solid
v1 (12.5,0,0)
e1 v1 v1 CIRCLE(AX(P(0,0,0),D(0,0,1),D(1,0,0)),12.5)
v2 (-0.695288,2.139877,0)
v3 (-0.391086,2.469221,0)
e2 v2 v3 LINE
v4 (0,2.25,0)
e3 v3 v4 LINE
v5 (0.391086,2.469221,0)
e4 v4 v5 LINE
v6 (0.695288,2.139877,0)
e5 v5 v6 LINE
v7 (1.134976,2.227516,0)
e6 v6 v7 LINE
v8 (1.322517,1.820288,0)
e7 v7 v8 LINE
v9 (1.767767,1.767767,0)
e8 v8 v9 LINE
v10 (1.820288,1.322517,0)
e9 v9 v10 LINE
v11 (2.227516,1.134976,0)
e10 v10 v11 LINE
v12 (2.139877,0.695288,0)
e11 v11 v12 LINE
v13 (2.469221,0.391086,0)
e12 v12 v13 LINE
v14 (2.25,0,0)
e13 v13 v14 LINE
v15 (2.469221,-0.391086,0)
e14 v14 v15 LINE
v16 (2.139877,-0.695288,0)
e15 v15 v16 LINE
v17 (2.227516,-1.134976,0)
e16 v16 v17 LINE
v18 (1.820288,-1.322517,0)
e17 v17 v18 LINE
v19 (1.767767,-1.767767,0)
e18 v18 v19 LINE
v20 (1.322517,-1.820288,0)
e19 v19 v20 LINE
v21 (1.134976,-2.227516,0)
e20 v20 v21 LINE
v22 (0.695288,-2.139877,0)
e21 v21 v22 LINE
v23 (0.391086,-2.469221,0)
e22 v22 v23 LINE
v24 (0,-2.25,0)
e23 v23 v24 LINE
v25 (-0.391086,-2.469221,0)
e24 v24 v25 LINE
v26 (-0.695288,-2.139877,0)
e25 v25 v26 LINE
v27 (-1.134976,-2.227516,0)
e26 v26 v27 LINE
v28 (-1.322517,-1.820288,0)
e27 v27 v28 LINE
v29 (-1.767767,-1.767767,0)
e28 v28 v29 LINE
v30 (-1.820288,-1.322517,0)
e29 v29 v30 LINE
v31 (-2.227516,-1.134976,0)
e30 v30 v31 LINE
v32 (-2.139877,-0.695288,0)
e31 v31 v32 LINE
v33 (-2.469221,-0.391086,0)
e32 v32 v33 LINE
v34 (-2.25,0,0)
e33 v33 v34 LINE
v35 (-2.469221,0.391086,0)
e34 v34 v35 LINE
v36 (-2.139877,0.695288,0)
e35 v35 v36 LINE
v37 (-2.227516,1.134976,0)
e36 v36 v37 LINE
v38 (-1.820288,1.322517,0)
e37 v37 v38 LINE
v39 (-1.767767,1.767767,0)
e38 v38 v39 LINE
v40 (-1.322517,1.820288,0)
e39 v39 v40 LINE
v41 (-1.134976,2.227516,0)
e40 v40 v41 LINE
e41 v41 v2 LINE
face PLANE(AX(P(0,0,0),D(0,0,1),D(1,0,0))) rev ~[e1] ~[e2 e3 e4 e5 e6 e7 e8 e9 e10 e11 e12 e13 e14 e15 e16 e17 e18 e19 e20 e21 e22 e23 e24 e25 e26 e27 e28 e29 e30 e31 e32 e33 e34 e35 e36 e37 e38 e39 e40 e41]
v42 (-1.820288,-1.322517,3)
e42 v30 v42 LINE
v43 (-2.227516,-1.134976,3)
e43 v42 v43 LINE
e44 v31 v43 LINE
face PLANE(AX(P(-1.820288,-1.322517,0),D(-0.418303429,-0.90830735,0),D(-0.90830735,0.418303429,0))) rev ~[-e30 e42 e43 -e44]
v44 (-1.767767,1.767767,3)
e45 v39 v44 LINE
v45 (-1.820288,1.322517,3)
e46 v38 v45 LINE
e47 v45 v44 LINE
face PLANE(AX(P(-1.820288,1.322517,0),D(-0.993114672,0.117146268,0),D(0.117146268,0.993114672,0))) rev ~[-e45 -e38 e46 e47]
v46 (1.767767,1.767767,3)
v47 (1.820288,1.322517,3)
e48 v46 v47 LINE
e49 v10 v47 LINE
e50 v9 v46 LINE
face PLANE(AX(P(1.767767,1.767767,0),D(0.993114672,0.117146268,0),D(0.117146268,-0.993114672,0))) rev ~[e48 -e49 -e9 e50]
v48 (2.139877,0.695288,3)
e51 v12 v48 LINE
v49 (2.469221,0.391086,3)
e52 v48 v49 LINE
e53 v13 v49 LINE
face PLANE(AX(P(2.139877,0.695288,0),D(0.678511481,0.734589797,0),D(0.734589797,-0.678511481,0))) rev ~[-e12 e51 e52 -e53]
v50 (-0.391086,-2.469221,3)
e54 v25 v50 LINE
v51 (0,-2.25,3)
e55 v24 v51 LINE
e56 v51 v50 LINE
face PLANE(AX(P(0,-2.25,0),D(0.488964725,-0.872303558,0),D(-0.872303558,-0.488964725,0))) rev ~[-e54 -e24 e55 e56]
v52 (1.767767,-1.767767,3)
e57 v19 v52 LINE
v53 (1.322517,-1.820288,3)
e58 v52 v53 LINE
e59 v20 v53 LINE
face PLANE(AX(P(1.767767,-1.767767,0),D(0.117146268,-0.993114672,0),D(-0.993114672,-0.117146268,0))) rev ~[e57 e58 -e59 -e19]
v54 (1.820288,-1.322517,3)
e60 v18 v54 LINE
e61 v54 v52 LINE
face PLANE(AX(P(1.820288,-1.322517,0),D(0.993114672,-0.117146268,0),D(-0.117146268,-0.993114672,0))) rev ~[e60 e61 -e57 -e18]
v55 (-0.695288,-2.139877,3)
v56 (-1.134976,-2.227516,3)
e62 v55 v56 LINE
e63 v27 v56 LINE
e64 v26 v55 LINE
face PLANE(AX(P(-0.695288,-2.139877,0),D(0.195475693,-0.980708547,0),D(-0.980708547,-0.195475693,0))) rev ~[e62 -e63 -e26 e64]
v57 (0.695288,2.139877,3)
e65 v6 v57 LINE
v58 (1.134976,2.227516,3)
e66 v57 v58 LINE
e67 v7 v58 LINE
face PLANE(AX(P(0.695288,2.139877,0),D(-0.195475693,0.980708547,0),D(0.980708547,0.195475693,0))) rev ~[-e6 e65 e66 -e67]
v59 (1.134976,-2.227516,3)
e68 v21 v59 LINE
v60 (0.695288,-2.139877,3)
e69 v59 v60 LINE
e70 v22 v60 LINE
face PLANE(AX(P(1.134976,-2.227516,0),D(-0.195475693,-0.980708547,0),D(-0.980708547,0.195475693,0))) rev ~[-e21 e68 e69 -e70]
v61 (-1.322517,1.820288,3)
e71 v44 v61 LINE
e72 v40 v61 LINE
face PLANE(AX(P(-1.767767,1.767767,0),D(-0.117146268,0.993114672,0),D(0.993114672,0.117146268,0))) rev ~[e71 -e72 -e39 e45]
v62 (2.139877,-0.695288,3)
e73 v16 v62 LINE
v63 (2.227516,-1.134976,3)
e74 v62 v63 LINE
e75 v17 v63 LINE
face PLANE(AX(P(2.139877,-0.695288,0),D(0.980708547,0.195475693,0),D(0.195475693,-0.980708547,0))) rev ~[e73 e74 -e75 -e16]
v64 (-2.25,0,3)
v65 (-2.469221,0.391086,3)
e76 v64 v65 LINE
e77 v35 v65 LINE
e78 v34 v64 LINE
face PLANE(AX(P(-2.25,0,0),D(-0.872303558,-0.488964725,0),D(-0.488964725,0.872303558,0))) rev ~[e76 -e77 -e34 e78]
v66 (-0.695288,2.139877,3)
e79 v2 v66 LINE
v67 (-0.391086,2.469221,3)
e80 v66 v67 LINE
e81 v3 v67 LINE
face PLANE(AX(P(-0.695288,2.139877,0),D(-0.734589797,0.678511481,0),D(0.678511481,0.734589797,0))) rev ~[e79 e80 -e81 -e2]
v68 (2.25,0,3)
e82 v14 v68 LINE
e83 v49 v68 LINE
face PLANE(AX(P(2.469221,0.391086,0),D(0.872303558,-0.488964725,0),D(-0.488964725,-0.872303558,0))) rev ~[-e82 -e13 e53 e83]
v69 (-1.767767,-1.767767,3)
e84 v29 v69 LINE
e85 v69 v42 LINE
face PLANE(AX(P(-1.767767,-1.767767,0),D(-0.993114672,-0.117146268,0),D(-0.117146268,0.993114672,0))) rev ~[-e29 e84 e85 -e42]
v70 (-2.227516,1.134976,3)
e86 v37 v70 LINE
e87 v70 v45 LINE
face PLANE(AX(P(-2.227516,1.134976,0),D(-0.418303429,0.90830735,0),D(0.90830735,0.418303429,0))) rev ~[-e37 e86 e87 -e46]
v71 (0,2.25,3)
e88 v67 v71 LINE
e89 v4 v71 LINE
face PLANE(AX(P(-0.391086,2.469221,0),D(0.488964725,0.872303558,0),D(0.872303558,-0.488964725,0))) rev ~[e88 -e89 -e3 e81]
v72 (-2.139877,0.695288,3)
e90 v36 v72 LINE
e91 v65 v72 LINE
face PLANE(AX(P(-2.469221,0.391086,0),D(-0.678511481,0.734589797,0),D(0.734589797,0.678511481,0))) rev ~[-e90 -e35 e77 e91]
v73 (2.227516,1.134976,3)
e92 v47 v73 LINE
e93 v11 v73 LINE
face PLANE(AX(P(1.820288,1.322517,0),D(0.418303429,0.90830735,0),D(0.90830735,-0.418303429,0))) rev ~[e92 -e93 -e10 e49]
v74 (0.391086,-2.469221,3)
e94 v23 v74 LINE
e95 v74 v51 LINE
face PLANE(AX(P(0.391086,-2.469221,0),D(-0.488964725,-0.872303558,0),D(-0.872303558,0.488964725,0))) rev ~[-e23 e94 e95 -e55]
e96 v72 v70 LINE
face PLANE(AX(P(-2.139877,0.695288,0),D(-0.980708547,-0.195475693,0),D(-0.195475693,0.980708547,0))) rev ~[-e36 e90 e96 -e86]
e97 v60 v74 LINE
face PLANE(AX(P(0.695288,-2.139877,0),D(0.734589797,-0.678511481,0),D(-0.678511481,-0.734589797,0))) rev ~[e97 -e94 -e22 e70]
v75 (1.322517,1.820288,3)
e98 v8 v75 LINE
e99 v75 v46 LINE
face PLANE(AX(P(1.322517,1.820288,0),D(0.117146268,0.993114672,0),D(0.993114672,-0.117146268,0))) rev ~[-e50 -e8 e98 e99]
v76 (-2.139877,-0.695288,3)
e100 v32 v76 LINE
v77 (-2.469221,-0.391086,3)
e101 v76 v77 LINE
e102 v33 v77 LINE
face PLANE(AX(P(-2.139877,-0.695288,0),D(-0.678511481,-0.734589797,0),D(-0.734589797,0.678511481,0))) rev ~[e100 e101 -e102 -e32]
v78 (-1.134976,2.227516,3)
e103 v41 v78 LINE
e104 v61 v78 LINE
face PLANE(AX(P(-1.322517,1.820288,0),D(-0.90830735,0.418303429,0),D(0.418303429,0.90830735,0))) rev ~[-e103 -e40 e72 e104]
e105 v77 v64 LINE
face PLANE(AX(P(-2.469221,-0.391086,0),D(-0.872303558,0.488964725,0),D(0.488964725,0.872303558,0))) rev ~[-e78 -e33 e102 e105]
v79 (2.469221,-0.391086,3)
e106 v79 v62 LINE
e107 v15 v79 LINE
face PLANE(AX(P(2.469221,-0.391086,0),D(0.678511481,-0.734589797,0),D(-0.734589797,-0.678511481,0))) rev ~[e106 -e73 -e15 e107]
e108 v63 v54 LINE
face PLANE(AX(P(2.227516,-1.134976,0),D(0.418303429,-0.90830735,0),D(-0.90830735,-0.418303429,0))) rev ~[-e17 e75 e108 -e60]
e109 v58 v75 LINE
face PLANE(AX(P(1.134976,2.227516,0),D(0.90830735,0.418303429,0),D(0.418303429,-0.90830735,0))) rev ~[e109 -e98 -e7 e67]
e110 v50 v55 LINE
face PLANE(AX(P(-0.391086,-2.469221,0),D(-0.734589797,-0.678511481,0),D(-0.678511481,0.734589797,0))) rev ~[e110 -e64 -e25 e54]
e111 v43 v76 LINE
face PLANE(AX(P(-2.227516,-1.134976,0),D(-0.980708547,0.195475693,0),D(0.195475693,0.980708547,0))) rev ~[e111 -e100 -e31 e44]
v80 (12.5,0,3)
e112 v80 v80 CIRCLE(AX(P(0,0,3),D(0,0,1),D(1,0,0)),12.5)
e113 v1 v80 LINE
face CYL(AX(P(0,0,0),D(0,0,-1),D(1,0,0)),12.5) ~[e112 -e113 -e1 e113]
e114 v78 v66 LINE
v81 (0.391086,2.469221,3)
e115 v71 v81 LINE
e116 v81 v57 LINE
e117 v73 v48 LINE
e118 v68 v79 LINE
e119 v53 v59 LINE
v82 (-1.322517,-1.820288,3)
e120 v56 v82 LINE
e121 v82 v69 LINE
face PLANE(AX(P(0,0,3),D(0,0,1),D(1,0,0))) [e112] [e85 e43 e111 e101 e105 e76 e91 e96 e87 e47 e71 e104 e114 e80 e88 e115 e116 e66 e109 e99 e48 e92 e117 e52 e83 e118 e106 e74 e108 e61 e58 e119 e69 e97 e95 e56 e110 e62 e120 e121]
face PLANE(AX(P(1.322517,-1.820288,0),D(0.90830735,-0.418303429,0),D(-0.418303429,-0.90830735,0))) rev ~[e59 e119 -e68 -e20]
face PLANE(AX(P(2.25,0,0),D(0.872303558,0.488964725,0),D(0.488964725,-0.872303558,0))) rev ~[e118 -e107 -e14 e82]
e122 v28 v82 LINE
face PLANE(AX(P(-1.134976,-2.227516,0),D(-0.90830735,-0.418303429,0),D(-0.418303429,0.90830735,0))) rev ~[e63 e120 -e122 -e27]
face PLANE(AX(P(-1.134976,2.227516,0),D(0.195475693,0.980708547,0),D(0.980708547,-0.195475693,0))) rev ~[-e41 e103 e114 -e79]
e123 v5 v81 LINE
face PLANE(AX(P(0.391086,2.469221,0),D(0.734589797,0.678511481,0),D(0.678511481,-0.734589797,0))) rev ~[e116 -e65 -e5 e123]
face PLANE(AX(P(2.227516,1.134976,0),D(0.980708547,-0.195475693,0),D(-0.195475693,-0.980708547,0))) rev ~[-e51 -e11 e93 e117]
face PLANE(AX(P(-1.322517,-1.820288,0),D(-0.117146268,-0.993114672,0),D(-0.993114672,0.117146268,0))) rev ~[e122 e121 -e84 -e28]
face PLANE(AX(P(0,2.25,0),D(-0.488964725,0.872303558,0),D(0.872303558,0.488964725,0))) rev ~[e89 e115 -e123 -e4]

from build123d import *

# Parameters (mm, degrees)
F0_R     = 12.5
F1_DEPTH = 3


with BuildPart() as f1:
    # F0 (on Top) → F1 (new body)
    with BuildSketch(Plane.XY):
        Circle(F0_R)
        Polygon((2.469221, 0.391086), (2.25, 0), (2.469221, -0.391086), (2.139877, -0.695288), (2.227516, -1.134976), (1.820288, -1.322517), (1.767767, -1.767767), (1.322517, -1.820288), (1.134976, -2.227516), (0.695288, -2.139877), (0.391086, -2.469221), (0, -2.25), (-0.391086, -2.469221), (-0.695288, -2.139877), (-1.134976, -2.227516), (-1.322517, -1.820288), (-1.767767, -1.767767), (-1.820288, -1.322517), (-2.227516, -1.134976), (-2.139877, -0.695288), (-2.469221, -0.391086), (-2.25, 0), (-2.469221, 0.391086), (-2.139877, 0.695288), (-2.227516, 1.134976), (-1.820288, 1.322517), (-1.767767, 1.767767), (-1.322517, 1.820288), (-1.134976, 2.227516), (-0.695288, 2.139877), (-0.391086, 2.469221), (0, 2.25), (0.391086, 2.469221), (0.695288, 2.139877), (1.134976, 2.227516), (1.322517, 1.820288), (1.767767, 1.767767), (1.820288, 1.322517), (2.227516, 1.134976), (2.139877, 0.695288), align=None, mode=Mode.SUBTRACT)
    extrude(amount=F1_DEPTH)


solid = f1.part
